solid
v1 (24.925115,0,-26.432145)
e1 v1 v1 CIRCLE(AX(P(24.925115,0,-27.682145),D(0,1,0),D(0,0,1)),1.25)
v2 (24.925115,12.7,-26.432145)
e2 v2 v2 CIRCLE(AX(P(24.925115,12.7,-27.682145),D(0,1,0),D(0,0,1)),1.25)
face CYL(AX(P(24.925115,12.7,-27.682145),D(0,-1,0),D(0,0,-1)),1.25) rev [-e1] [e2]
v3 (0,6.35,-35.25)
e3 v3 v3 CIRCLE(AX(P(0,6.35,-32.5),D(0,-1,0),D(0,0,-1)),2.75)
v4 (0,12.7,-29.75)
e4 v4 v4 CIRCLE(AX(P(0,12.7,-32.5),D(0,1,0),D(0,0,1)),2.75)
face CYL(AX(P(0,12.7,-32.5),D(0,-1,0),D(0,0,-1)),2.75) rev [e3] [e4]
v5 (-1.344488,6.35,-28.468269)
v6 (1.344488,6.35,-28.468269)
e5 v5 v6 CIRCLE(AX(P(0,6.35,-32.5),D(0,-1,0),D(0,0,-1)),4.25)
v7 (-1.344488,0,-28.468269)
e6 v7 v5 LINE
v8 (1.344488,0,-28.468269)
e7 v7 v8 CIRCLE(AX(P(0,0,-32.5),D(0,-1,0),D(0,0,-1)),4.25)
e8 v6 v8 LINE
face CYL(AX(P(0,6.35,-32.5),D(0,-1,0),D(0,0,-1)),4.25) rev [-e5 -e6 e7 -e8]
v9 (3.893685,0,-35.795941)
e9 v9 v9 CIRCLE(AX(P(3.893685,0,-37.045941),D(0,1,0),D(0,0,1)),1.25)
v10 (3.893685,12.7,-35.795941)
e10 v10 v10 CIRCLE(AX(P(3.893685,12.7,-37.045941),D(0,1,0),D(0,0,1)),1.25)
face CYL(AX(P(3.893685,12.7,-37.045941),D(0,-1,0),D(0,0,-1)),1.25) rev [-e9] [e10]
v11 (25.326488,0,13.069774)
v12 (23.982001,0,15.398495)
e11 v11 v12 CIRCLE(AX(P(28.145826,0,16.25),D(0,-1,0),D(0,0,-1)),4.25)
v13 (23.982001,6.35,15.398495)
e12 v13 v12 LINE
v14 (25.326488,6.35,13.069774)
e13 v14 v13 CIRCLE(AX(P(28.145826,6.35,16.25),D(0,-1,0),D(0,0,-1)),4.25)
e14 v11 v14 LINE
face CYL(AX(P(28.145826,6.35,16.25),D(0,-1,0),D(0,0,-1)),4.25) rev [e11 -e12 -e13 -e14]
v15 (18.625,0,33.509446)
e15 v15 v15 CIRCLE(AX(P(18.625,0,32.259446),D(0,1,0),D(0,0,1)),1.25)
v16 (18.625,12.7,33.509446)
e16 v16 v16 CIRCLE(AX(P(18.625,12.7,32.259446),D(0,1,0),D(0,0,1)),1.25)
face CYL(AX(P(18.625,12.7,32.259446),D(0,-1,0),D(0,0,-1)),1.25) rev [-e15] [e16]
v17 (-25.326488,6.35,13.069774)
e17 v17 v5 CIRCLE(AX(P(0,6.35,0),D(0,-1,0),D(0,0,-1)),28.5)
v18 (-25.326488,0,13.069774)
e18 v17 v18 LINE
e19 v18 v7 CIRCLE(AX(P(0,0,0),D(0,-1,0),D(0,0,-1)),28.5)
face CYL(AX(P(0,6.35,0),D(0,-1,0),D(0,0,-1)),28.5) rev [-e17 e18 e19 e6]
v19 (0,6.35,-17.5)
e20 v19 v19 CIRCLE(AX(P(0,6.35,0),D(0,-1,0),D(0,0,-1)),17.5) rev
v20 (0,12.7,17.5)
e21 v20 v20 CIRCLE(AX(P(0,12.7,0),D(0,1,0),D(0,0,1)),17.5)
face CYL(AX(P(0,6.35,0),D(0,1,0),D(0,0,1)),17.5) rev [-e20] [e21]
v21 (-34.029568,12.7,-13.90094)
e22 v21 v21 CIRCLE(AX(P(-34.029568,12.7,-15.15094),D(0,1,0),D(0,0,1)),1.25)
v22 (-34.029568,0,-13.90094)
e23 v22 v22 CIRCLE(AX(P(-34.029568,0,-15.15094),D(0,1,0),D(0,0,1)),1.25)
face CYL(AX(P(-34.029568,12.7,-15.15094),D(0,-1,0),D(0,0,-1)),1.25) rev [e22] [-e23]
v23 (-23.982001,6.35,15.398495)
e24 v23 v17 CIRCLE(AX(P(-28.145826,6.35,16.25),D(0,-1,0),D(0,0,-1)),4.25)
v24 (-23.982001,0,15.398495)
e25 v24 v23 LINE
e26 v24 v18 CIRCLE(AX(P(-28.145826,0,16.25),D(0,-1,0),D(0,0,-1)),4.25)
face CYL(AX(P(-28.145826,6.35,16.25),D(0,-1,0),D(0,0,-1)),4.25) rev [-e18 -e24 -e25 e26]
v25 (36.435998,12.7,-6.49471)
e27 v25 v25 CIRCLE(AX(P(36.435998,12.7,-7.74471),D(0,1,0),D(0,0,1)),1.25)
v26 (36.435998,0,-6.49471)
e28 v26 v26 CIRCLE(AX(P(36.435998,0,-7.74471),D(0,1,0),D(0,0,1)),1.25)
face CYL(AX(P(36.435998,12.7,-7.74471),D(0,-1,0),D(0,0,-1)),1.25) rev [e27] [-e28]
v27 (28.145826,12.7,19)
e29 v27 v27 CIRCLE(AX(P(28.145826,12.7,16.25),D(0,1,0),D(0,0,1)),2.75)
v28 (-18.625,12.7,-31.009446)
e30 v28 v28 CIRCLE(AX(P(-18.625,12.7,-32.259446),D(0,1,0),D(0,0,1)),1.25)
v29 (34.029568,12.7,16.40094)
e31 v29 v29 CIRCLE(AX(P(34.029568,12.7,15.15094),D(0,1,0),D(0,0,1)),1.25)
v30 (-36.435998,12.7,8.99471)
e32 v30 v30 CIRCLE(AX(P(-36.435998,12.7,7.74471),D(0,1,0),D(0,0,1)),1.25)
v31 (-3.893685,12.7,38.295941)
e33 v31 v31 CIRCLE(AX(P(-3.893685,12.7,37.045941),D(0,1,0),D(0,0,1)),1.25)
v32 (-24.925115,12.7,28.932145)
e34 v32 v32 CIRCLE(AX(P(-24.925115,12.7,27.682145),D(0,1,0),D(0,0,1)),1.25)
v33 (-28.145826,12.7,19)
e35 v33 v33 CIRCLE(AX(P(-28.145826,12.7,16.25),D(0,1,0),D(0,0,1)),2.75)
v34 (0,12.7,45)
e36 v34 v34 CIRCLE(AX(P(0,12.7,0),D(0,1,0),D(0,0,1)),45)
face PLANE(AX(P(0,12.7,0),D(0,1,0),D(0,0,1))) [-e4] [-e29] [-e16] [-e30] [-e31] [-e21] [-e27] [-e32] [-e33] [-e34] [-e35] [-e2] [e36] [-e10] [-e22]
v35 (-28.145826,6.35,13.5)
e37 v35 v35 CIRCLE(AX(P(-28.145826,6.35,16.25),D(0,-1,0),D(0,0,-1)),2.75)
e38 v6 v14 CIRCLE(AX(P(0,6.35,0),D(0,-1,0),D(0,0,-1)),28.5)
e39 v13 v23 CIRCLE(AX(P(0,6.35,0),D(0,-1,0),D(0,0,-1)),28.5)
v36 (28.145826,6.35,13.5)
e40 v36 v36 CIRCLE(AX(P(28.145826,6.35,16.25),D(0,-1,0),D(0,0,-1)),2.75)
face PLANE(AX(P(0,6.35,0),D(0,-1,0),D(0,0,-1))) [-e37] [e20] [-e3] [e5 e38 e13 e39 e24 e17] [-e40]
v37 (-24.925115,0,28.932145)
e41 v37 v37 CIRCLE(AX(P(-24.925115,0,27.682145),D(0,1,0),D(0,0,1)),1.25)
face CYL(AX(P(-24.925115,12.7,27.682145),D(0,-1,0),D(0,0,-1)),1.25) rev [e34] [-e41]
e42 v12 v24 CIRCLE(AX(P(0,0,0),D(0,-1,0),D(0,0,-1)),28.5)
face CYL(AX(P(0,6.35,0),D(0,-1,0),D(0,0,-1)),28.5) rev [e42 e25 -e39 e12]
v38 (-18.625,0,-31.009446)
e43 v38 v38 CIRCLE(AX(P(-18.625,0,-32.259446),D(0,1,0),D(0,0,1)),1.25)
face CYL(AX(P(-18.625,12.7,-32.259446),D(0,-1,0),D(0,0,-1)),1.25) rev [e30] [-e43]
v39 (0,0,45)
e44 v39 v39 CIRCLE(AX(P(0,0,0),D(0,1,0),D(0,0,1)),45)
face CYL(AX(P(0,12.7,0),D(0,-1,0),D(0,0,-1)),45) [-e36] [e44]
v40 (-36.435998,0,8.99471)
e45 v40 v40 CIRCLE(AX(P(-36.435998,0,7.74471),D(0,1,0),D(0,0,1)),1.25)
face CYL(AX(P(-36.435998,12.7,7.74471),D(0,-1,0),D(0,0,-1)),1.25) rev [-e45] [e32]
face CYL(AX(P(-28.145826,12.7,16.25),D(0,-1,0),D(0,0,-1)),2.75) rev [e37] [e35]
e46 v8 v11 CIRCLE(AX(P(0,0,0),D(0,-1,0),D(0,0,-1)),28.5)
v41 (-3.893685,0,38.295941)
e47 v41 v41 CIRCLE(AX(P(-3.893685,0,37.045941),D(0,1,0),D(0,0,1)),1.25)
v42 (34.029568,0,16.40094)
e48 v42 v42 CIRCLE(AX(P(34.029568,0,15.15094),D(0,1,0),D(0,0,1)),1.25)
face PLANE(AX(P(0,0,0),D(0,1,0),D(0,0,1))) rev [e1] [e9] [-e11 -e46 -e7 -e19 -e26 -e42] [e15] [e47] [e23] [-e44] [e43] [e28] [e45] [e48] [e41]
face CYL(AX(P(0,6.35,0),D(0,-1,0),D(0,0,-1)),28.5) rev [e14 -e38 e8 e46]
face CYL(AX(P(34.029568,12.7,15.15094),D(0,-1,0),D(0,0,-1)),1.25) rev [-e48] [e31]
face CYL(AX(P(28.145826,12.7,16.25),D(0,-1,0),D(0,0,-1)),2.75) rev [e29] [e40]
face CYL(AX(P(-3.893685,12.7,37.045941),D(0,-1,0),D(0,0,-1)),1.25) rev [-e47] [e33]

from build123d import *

# Parameters (mm, degrees)
SKETCH1_R           = 45
SKETCH1_R_2         = 2.75
SKETCH1_R_3         = 1.25
BOSS_EXTRUDE1_DEPTH = 12.7
SKETCH2_R           = 17.5
CUT_EXTRUDE1_DEPTH  = 6.35
SKETCH3_R           = 6
CUT_EXTRUDE2_DEPTH  = 64.95562915
SKETCH4_R           = 28.5
CUT_EXTRUDE3_DEPTH  = 6.35
SKETCH6_R           = 4.25
CUT_EXTRUDE4_DEPTH  = 6.35


with BuildPart() as part:
    # Sketch1 → Boss-Extrude1 (new body)
    with BuildSketch(Plane(origin=(0, 0, 0), x_dir=(1, 0, 0), z_dir=(0, 1, 0))):
        with Locations(Location((0, 0, 0), (0, 0, 270))):
            Circle(SKETCH1_R)
        with Locations(Location((0, 32.5, 0), (0, 0, 270))):
            Circle(SKETCH1_R_2, mode=Mode.SUBTRACT)
        with Locations(Location((28.145825623, -16.25, 0), (0, 0, 270))):
            Circle(SKETCH1_R_2, mode=Mode.SUBTRACT)
        with Locations(Location((-28.145825623, -16.25, 0), (0, 0, 270))):
            Circle(SKETCH1_R_2, mode=Mode.SUBTRACT)
        with Locations(Location((-36.435998127, -7.744710483, 0), (0, 0, 270))):
            Circle(SKETCH1_R_3, mode=Mode.SUBTRACT)
        with Locations(Location((-34.029568297, 15.150939955, 0), (0, 0, 270))):
            Circle(SKETCH1_R_3, mode=Mode.SUBTRACT)
        with Locations(Location((-18.625, 32.259446291, 0), (0, 0, 270))):
            Circle(SKETCH1_R_3, mode=Mode.SUBTRACT)
        with Locations(Location((3.893685257, 37.045940602, 0), (0, 0, 270))):
            Circle(SKETCH1_R_3, mode=Mode.SUBTRACT)
        with Locations(Location((24.925115087, 27.682144749, 0), (0, 0, 270))):
            Circle(SKETCH1_R_3, mode=Mode.SUBTRACT)
        with Locations(Location((36.435998127, 7.744710483, 0), (0, 0, 270))):
            Circle(SKETCH1_R_3, mode=Mode.SUBTRACT)
        with Locations(Location((34.029568297, -15.150939955, 0), (0, 0, 270))):
            Circle(SKETCH1_R_3, mode=Mode.SUBTRACT)
        with Locations(Location((18.625, -32.259446291, 0), (0, 0, 270))):
            Circle(SKETCH1_R_3, mode=Mode.SUBTRACT)
        with Locations(Location((-3.893685257, -37.045940602, 0), (0, 0, 270))):
            Circle(SKETCH1_R_3, mode=Mode.SUBTRACT)
        with Locations(Location((-24.925115087, -27.682144749, 0), (0, 0, 270))):
            Circle(SKETCH1_R_3, mode=Mode.SUBTRACT)
    extrude(amount=BOSS_EXTRUDE1_DEPTH)

    # Sketch2 → Cut-Extrude1 (cut)
    with BuildSketch(Plane(origin=(0, 12.7, 0), x_dir=(1, 0, 0), z_dir=(0, 1, 0))):
        with Locations(Location((0, 0, 0), (0, 0, 270))):
            Circle(SKETCH2_R)
    extrude(amount=-CUT_EXTRUDE1_DEPTH, mode=Mode.SUBTRACT)

    # Sketch3 → Cut-Extrude2 (cut, through all)
    with BuildSketch(Plane(origin=(0, 6.35, 0), x_dir=(1, 0, 0), z_dir=(0, 1, 0))):
        with Locations(Location((0, 0, 0), (0, 0, 270))):
            Circle(SKETCH3_R)
    extrude(amount=-CUT_EXTRUDE2_DEPTH, mode=Mode.SUBTRACT)

    # Sketch4 → Cut-Extrude3 (cut)
    with BuildSketch(Plane.XZ):
        with Locations(Location((0, 0, 0), (0, 0, 270))):
            Circle(SKETCH4_R)
    extrude(amount=-CUT_EXTRUDE3_DEPTH, mode=Mode.SUBTRACT)

    # Sketch6 → Cut-Extrude4 (cut)
    with BuildSketch(Plane.XZ):
        with Locations((28.145825623, 16.25)):
            Circle(SKETCH6_R)
        with Locations((0, -32.5)):
            Circle(SKETCH6_R)
        with Locations((-28.145825623, 16.25)):
            Circle(SKETCH6_R)
    extrude(amount=-CUT_EXTRUDE4_DEPTH, mode=Mode.SUBTRACT)


solid = part.part
